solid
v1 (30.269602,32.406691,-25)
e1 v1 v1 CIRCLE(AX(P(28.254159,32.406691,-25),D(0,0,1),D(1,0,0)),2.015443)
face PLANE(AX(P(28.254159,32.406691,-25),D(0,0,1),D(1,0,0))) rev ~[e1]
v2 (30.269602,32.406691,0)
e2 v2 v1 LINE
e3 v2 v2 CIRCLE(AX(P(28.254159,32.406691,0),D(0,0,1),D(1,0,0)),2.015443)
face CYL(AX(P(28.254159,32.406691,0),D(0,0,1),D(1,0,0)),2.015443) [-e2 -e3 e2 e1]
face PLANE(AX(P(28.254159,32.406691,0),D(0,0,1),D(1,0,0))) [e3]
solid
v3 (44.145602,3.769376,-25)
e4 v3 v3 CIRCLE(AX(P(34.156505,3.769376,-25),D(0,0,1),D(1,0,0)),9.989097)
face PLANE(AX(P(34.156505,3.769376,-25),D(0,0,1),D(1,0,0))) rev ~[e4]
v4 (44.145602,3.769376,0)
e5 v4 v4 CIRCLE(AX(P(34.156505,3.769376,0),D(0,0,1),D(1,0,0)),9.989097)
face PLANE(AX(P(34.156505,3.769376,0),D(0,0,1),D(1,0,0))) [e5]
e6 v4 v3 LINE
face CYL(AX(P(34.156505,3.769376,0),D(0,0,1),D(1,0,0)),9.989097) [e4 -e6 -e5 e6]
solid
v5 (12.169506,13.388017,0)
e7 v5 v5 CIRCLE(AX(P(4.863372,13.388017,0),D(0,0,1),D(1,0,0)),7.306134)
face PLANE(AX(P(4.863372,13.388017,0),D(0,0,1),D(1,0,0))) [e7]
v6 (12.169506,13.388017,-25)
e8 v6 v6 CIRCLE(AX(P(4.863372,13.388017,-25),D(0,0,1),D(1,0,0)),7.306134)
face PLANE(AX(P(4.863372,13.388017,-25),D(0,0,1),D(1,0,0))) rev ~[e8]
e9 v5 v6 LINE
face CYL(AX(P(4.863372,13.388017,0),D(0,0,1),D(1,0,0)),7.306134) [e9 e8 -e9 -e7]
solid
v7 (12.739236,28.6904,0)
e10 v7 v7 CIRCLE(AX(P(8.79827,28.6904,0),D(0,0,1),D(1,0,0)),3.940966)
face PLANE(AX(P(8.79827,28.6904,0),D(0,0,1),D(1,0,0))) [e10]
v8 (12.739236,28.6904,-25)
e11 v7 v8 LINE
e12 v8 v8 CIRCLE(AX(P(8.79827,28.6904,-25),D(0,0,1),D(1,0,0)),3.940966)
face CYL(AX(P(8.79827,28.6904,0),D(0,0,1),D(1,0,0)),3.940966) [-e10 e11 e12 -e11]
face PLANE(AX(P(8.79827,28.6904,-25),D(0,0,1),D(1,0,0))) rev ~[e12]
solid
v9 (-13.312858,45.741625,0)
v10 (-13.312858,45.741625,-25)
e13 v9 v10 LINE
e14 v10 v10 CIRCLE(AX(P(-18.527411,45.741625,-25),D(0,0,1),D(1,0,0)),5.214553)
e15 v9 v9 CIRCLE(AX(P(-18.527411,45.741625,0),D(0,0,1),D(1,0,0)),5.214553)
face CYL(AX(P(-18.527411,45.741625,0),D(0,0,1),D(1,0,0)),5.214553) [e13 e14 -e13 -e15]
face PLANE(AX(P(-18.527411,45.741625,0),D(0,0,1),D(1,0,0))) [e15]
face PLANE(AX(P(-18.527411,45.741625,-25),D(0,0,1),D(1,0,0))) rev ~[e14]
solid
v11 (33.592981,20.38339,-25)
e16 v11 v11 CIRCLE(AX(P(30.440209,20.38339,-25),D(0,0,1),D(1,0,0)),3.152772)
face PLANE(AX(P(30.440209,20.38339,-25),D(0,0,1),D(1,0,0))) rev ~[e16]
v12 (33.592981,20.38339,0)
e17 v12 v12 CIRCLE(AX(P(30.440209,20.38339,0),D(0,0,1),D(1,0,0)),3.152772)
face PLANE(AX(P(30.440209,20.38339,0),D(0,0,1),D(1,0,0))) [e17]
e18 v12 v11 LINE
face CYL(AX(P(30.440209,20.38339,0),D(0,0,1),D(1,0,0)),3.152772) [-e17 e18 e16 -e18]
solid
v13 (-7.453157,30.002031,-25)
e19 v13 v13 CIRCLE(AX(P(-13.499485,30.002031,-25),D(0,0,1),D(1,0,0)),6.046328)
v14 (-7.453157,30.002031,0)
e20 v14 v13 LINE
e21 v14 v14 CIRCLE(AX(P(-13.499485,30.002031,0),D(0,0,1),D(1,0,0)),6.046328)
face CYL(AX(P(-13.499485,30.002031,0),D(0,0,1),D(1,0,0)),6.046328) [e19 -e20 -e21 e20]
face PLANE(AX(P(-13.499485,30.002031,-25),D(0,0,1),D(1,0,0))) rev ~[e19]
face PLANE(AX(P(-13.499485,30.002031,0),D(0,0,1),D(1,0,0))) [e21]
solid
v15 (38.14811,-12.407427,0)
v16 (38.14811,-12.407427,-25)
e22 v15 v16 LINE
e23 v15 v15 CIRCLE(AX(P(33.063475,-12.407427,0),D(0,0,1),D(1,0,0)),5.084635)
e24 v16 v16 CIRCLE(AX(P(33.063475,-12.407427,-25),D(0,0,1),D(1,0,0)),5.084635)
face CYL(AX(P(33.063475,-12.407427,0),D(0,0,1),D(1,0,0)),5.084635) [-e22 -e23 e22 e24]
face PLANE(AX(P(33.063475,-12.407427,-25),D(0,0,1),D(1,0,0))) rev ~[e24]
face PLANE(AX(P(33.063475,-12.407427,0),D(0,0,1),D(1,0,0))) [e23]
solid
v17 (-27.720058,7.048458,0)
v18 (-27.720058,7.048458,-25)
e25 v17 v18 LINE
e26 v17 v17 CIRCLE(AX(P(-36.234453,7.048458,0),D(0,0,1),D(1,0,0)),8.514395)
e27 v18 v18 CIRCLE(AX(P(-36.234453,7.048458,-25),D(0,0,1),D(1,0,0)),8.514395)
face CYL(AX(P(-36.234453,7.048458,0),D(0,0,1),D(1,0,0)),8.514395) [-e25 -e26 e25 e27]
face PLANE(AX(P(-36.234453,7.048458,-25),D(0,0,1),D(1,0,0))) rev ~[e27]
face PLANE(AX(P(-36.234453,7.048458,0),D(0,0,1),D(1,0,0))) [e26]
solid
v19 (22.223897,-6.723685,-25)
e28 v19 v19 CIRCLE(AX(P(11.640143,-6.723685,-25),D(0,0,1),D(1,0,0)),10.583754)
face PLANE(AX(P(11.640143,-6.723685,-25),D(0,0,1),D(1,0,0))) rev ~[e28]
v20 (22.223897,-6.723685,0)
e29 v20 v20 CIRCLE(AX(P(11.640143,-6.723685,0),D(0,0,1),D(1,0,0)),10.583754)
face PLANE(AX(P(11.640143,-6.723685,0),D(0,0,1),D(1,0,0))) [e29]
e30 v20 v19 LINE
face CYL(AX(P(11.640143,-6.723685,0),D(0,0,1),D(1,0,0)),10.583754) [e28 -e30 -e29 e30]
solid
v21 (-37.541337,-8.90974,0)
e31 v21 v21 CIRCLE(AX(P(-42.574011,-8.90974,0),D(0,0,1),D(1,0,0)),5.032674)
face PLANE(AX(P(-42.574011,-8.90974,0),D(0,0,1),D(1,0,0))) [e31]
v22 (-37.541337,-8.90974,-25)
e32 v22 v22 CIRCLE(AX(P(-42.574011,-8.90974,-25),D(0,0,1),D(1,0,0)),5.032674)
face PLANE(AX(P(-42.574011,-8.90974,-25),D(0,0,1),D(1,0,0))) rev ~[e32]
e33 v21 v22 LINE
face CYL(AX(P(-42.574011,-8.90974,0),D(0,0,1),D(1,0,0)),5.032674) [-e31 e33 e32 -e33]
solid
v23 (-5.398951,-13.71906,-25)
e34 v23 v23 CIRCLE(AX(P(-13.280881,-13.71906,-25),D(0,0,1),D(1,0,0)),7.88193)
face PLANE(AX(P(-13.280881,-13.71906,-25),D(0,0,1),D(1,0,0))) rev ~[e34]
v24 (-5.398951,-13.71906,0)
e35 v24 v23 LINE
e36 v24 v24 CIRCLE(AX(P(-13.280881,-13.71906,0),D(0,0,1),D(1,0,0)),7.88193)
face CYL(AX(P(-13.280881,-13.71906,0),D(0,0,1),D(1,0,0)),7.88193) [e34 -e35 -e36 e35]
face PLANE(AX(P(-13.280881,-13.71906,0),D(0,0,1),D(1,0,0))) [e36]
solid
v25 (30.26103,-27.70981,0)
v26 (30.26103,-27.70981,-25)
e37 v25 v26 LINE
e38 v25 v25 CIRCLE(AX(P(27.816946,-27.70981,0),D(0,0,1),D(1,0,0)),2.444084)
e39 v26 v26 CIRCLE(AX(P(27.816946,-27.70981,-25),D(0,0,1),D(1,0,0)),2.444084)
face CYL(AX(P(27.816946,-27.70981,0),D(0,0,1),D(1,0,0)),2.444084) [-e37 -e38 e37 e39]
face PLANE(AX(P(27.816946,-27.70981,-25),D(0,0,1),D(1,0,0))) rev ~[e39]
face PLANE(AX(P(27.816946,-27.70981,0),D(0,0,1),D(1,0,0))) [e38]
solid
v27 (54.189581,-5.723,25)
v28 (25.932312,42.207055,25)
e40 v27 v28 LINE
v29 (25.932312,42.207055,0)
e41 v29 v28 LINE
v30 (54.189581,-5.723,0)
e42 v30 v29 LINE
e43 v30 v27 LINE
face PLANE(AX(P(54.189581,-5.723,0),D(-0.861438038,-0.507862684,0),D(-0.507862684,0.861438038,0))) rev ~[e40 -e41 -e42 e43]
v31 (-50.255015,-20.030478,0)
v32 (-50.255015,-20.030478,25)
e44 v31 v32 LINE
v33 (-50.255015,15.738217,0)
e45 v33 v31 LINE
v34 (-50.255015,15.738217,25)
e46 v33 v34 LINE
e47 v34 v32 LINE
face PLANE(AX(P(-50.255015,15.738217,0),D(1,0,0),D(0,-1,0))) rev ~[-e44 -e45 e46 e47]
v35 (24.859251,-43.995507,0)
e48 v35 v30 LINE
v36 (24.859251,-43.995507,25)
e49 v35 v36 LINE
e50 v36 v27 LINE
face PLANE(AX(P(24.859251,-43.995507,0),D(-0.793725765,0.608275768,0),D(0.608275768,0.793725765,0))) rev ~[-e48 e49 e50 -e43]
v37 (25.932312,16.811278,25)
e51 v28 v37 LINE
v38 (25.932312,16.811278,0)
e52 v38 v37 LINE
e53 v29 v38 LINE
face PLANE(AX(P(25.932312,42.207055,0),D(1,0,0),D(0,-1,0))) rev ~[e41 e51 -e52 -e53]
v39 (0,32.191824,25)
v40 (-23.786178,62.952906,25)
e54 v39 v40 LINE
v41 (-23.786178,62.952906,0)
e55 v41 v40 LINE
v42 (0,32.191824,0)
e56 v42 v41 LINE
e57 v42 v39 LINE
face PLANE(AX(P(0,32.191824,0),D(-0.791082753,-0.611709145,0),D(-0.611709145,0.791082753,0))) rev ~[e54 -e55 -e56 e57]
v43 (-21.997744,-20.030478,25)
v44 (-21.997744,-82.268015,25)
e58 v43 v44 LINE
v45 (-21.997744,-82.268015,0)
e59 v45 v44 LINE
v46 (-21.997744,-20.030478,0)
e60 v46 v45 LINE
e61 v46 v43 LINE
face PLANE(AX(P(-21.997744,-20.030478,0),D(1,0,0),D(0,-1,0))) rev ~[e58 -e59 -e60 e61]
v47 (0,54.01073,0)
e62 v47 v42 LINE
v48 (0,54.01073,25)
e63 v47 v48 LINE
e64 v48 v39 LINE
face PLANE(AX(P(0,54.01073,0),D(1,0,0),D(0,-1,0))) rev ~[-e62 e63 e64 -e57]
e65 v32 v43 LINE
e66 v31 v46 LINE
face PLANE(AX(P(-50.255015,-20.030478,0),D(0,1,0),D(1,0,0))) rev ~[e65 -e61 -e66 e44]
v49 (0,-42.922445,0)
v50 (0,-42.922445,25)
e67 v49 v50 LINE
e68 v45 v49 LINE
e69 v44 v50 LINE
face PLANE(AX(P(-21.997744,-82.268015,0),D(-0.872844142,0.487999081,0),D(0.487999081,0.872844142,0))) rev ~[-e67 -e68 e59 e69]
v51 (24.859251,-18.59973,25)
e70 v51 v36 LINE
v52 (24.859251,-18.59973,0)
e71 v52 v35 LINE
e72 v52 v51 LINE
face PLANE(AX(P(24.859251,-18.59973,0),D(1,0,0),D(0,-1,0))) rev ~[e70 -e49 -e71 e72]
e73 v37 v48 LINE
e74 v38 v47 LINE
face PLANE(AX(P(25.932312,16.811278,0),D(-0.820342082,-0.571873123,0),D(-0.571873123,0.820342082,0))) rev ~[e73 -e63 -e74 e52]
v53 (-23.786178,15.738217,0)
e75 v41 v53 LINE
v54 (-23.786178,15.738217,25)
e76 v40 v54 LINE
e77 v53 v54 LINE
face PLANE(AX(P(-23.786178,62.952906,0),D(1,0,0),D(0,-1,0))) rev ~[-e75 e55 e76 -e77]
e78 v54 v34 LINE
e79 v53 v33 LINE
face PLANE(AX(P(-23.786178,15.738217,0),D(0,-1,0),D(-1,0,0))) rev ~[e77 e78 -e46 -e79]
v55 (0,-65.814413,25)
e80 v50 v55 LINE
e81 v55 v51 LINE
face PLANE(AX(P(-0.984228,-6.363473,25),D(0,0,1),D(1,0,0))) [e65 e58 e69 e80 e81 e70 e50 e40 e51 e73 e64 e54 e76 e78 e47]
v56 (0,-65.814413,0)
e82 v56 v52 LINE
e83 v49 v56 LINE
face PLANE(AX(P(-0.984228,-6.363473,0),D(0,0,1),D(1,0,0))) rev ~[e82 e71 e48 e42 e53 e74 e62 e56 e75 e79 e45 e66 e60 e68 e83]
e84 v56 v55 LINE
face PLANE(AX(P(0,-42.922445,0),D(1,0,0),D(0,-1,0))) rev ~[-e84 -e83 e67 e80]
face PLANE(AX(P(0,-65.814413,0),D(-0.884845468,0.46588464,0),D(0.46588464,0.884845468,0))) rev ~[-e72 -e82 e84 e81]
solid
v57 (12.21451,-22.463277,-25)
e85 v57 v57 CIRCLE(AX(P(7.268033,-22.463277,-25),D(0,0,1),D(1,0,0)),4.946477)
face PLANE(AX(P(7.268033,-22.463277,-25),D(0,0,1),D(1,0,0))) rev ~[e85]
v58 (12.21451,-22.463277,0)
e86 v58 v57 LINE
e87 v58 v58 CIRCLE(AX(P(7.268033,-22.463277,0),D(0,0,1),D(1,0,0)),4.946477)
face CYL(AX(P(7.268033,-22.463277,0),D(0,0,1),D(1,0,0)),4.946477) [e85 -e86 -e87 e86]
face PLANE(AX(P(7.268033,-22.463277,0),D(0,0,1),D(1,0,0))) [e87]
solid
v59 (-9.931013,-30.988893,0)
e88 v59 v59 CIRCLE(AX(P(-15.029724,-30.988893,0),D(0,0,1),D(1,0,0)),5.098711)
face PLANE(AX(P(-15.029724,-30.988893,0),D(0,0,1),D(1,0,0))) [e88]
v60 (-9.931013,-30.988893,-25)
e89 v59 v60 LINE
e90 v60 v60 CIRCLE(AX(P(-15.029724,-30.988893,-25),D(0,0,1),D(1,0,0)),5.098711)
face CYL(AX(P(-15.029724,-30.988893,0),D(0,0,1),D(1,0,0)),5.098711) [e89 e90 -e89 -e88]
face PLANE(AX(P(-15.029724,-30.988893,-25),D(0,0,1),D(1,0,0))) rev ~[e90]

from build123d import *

# Parameters (mm, degrees)
F1_DEPTH = 25
F2_R     = 5.032674
F2_R_2   = 6.046328
F2_R_3   = 2.444084
F2_R_4   = 5.214553
F2_R_5   = 4.946477
F2_R_6   = 9.989097
F2_R_7   = 10.583754
F2_R_8   = 5.098711
F2_R_9   = 7.88193
F2_R_10  = 8.514395
F2_R_11  = 5.084635
F2_R_12  = 7.306134
F2_R_13  = 3.940966
F2_R_14  = 3.152772
F2_R_15  = 2.015443
F3_DEPTH = 25


with BuildPart() as f1:
    # F0 (on Top) → F1 (new body)
    with BuildSketch(Plane.XY):
        Polygon((24.859251, -43.995507), (54.189581, -5.723), (25.932312, 42.207055), (25.932312, 16.811278), (0, 54.01073), (0, 32.191824), (-23.786178, 62.952906), (-23.786178, 15.738217), (-50.255015, 15.738217), (-50.255015, -20.030478), (-21.997744, -20.030478), (-21.997744, -82.268015), (0, -42.922445), (0, -65.814413), (24.859251, -18.59973), align=None)
    extrude(amount=F1_DEPTH)


with BuildPart() as f3:
    # F2 (on Top) → F3 (new body)
    with BuildSketch(Plane.XY):
        with Locations((-42.574011, -8.90974)):
            Circle(F2_R)
        with Locations((-13.499485, 30.002031)):
            Circle(F2_R_2)
        with Locations((27.816946, -27.70981)):
            Circle(F2_R_3)
        with Locations((-18.527411, 45.741625)):
            Circle(F2_R_4)
        with Locations((7.268033, -22.463277)):
            Circle(F2_R_5)
        with Locations((34.156505, 3.769376)):
            Circle(F2_R_6)
        with Locations((11.640143, -6.723685)):
            Circle(F2_R_7)
        with Locations((-15.029724, -30.988893)):
            Circle(F2_R_8)
        with Locations((-13.280881, -13.71906)):
            Circle(F2_R_9)
        with Locations((-36.234453, 7.048458)):
            Circle(F2_R_10)
        with Locations((33.063475, -12.407427)):
            Circle(F2_R_11)
        with Locations((4.863372, 13.388017)):
            Circle(F2_R_12)
        with Locations((8.79827, 28.6904)):
            Circle(F2_R_13)
        with Locations((30.440209, 20.38339)):
            Circle(F2_R_14)
        with Locations((28.254159, 32.406691)):
            Circle(F2_R_15)
    extrude(amount=-F3_DEPTH)


solid = Compound([f1.part, f3.part])
